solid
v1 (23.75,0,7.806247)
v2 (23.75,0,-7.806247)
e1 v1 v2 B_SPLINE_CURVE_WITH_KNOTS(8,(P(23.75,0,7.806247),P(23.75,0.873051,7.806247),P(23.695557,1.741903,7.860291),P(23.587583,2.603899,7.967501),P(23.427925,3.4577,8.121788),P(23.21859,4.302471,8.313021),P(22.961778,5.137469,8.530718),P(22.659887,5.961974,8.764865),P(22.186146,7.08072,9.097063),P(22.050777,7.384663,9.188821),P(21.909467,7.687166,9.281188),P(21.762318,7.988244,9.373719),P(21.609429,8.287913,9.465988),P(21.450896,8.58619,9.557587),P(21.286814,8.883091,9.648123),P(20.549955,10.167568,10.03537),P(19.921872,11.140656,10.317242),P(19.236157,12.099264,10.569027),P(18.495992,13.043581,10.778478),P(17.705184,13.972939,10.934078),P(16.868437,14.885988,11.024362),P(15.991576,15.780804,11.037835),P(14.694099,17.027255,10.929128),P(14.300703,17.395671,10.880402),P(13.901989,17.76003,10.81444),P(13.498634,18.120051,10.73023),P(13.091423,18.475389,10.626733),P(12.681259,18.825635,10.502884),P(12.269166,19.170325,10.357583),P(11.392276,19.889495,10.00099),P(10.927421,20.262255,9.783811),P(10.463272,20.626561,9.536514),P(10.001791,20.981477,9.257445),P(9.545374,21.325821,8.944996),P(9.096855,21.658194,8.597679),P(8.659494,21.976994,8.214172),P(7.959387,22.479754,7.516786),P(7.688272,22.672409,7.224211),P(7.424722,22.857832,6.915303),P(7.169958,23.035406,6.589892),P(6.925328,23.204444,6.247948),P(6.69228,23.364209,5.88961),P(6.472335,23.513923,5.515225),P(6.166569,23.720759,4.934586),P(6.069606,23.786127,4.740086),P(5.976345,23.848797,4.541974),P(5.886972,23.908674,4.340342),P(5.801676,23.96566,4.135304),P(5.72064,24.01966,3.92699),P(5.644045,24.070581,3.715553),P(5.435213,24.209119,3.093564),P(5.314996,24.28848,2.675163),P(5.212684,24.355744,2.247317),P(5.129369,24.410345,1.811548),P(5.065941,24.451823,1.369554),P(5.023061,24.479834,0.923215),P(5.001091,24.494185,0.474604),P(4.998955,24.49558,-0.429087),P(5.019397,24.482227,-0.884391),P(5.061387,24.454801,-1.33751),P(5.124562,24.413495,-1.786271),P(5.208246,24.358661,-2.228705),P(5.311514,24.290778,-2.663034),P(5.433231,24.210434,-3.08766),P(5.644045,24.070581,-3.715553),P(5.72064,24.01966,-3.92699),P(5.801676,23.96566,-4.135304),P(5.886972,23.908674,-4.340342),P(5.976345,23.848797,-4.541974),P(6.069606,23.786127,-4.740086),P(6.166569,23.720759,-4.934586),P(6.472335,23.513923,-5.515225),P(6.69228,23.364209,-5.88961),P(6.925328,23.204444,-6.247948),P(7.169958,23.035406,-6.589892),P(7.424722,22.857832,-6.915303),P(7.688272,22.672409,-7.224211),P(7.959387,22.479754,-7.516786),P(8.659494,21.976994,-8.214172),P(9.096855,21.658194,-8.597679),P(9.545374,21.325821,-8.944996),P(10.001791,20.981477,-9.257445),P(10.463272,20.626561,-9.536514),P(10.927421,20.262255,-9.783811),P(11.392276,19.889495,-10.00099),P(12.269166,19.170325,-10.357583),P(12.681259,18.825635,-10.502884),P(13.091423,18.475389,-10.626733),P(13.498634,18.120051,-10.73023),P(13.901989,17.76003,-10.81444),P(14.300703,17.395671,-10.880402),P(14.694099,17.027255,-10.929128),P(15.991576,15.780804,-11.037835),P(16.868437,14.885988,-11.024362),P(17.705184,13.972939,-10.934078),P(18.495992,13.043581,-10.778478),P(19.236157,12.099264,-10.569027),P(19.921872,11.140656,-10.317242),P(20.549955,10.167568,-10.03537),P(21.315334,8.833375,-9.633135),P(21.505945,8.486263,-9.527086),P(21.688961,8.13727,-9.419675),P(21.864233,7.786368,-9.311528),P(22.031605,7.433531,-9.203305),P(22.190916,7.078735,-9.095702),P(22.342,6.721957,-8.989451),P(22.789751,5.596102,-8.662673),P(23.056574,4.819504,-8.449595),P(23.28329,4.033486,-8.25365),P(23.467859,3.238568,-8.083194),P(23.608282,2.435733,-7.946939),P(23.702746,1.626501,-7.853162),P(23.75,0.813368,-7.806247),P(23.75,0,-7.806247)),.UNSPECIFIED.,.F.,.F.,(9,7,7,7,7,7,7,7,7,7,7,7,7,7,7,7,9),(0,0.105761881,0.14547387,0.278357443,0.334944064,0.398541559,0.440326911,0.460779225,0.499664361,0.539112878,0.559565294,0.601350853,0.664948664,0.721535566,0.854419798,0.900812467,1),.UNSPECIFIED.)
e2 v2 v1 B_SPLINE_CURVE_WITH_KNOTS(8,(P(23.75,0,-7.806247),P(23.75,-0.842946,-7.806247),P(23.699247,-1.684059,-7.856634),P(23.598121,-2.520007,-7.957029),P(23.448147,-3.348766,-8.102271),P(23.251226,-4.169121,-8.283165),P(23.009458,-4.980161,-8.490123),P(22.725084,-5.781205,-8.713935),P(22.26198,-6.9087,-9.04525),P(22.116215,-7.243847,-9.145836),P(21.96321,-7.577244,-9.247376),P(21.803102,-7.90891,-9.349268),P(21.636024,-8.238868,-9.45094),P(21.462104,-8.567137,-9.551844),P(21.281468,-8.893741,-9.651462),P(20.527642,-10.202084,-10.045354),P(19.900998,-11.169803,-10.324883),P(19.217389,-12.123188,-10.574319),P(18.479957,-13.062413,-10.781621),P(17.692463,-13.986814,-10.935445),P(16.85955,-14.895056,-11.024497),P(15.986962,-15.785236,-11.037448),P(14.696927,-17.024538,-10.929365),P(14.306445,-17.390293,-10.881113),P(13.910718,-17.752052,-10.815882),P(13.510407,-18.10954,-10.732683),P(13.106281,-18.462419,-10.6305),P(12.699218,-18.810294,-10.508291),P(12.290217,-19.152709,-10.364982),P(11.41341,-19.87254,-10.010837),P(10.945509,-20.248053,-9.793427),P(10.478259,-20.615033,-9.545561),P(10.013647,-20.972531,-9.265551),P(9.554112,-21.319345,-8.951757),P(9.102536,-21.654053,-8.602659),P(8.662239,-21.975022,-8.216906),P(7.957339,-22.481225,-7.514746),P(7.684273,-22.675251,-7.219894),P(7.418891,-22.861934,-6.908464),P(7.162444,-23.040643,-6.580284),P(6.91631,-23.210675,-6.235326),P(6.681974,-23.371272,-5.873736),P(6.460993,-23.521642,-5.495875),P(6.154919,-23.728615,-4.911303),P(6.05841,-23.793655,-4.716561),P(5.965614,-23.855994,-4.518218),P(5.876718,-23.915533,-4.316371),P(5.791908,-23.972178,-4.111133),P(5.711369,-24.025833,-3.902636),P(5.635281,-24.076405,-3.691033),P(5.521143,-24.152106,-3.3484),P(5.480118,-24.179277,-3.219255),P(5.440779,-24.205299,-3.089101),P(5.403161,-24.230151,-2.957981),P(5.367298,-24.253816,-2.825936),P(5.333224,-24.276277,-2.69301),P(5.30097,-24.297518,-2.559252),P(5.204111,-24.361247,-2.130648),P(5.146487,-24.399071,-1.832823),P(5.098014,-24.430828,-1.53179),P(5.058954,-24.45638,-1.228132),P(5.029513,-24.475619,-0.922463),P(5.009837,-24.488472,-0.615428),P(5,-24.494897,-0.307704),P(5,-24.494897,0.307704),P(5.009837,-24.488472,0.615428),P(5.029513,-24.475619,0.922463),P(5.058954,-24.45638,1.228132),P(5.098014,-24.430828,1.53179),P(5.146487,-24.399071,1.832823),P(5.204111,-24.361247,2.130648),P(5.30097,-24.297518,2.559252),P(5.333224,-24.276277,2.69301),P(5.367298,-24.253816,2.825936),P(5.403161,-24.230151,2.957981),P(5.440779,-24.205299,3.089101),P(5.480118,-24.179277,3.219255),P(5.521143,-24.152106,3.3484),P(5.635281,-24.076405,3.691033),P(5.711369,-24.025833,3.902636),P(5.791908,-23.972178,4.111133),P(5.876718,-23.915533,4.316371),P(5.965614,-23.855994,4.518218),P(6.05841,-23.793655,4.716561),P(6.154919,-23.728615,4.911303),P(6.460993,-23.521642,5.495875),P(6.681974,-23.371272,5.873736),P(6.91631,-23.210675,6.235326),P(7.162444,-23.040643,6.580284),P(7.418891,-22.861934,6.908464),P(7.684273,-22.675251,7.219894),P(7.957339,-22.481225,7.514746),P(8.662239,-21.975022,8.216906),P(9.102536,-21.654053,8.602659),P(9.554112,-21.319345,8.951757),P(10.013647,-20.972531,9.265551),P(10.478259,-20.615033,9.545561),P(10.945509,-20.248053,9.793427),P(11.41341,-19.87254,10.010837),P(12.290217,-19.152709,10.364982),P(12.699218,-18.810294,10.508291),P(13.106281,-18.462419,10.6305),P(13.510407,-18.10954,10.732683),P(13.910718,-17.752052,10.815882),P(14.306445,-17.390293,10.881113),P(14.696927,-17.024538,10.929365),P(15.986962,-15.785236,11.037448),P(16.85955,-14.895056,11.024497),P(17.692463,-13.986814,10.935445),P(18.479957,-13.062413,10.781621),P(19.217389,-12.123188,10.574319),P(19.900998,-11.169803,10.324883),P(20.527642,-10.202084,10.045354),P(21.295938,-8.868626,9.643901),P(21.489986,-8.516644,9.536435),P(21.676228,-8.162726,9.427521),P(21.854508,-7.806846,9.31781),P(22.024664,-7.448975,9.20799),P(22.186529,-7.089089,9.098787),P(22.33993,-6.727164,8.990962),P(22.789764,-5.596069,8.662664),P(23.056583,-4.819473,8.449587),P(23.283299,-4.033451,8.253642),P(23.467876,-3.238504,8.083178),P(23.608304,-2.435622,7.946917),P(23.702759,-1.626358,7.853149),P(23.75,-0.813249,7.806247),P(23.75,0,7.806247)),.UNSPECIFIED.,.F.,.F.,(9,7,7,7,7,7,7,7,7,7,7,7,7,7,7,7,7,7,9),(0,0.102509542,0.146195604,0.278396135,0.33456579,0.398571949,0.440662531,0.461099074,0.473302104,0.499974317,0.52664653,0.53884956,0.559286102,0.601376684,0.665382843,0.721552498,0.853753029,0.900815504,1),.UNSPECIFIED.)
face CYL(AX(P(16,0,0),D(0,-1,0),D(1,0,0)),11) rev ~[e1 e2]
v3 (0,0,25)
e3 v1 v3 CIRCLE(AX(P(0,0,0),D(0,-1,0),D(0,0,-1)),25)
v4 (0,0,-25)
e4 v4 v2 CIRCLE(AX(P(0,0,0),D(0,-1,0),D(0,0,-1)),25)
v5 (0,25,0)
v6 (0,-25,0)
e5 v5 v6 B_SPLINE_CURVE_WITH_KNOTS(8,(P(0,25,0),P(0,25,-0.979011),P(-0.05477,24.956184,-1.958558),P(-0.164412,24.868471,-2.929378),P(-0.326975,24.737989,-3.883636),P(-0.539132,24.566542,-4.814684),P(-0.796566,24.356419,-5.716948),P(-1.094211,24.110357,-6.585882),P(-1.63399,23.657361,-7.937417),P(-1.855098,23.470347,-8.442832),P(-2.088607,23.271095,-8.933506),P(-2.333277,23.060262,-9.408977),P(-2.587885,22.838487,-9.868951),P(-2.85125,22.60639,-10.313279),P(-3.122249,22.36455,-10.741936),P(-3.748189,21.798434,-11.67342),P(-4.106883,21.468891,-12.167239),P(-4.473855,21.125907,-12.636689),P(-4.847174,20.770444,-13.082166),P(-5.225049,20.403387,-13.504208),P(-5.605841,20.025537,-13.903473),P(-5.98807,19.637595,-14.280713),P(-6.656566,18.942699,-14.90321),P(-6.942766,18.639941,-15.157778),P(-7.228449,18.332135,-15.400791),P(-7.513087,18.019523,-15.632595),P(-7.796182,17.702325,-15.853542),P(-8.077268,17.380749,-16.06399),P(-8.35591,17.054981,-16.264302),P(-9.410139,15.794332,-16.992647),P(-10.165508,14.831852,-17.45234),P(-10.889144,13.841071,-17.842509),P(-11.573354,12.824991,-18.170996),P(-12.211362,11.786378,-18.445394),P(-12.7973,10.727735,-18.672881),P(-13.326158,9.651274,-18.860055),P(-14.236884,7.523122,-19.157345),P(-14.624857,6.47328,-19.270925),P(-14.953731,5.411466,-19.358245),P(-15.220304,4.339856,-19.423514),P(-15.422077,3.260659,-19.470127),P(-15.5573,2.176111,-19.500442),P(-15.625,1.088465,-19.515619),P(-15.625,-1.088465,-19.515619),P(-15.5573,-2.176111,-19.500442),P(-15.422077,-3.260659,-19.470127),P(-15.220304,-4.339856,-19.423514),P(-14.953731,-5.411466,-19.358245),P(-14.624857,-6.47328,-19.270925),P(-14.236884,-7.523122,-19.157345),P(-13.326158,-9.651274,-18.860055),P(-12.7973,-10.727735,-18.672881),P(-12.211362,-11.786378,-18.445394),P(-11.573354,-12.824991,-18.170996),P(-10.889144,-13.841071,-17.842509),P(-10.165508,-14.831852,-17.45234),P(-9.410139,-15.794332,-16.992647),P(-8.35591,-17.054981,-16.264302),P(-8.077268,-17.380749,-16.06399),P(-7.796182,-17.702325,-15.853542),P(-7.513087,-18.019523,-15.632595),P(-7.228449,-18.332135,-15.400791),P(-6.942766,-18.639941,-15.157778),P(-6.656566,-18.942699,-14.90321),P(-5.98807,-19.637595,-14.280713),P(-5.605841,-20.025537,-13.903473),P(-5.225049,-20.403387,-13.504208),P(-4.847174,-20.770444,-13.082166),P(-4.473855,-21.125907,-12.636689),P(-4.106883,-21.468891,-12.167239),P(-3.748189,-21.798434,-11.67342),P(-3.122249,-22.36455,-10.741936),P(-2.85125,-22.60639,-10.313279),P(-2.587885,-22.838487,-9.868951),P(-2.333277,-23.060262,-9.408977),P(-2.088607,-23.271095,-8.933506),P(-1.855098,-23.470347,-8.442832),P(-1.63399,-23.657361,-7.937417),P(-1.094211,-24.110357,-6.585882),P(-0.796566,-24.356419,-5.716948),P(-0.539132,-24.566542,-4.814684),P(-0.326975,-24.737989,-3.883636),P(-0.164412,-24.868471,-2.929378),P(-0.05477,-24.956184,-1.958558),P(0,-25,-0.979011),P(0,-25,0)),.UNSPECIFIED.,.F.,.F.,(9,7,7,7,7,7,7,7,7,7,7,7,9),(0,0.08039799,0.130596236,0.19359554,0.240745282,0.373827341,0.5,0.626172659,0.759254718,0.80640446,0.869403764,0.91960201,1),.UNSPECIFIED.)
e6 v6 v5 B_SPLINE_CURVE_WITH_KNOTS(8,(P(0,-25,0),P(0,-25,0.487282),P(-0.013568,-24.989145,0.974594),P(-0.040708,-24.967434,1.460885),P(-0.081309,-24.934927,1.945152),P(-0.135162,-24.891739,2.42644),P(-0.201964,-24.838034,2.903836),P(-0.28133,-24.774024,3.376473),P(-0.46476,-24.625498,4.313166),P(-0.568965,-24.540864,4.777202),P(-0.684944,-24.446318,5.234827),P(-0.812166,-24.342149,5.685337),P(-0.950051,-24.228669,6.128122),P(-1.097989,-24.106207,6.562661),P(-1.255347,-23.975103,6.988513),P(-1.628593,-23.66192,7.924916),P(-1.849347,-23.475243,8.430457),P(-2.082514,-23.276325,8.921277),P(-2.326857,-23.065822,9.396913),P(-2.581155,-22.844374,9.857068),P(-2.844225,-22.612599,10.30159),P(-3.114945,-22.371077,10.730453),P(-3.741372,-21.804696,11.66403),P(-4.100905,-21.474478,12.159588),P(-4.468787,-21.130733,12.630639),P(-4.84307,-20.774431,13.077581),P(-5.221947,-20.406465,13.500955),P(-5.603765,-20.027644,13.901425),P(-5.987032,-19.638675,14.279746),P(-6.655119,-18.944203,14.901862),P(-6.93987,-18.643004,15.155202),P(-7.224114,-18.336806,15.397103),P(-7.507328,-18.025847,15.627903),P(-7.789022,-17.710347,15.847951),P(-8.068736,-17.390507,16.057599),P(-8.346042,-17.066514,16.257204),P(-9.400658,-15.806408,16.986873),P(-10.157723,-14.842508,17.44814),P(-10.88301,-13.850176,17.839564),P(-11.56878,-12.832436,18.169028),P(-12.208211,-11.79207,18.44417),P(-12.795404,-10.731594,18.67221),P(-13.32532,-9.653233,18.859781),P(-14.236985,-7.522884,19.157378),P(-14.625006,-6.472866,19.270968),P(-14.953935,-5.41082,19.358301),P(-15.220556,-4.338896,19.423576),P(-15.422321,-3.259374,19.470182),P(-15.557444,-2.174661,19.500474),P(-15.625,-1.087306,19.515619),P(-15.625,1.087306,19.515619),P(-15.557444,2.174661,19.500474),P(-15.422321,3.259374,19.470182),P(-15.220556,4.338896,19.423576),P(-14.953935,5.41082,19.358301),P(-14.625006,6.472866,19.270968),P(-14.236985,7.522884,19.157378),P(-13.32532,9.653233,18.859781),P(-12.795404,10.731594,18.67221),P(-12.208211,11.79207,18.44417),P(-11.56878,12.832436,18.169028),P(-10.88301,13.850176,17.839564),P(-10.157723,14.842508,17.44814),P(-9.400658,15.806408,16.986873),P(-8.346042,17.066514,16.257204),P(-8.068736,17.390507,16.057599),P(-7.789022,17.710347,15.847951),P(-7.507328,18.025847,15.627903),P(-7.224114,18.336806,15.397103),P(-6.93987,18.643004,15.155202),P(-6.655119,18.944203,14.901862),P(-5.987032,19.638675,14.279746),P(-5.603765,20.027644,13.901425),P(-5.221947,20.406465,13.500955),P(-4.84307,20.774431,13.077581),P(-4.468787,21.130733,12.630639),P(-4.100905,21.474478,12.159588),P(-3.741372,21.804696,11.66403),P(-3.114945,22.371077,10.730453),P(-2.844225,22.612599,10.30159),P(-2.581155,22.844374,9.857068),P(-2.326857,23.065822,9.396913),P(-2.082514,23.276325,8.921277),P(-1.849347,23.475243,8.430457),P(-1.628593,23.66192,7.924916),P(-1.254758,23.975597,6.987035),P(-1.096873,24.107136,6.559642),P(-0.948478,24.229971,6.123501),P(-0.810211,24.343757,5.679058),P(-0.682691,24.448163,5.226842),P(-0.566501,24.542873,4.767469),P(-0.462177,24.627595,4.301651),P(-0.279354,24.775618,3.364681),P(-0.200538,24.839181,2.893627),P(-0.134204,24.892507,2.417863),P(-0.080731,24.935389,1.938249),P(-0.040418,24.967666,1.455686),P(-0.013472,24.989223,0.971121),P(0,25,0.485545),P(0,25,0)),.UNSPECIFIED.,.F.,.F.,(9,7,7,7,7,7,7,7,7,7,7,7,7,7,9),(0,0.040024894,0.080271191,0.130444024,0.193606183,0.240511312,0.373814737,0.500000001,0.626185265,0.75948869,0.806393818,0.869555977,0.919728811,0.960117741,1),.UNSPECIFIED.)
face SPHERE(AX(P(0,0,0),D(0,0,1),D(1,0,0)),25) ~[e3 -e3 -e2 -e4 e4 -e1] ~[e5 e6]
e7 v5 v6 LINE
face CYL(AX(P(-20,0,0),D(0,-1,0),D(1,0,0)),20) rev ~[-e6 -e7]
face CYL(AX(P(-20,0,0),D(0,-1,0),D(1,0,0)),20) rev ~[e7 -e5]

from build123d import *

# Parameters (mm, degrees)
F2_R     = 11
F3_DEPTH = 25
F4_R     = 20
F5_DEPTH = 25


with BuildPart() as f1:
    # F0 (on Front) → F1 (revolve)
    with BuildSketch(Plane.XZ):
        with BuildLine():
            Line((0, 25), (0, -25))
            ThreePointArc((0, -25), (25, 0), (0, 25))
        make_face()
    revolve(axis=Axis((0, 0, 0), (0, 0, -1)))

    # F2 (on Front) → F3 (cut, symmetric)
    with BuildSketch(Plane.XZ):
        with Locations((16, 0)):
            Circle(F2_R)
    extrude(amount=F3_DEPTH, both=True, mode=Mode.SUBTRACT)

    # F4 (on Front) → F5 (cut, symmetric)
    with BuildSketch(Plane.XZ):
        with Locations((-20, 0)):
            Circle(F4_R)
    extrude(amount=F5_DEPTH, both=True, mode=Mode.SUBTRACT)


solid = f1.part
